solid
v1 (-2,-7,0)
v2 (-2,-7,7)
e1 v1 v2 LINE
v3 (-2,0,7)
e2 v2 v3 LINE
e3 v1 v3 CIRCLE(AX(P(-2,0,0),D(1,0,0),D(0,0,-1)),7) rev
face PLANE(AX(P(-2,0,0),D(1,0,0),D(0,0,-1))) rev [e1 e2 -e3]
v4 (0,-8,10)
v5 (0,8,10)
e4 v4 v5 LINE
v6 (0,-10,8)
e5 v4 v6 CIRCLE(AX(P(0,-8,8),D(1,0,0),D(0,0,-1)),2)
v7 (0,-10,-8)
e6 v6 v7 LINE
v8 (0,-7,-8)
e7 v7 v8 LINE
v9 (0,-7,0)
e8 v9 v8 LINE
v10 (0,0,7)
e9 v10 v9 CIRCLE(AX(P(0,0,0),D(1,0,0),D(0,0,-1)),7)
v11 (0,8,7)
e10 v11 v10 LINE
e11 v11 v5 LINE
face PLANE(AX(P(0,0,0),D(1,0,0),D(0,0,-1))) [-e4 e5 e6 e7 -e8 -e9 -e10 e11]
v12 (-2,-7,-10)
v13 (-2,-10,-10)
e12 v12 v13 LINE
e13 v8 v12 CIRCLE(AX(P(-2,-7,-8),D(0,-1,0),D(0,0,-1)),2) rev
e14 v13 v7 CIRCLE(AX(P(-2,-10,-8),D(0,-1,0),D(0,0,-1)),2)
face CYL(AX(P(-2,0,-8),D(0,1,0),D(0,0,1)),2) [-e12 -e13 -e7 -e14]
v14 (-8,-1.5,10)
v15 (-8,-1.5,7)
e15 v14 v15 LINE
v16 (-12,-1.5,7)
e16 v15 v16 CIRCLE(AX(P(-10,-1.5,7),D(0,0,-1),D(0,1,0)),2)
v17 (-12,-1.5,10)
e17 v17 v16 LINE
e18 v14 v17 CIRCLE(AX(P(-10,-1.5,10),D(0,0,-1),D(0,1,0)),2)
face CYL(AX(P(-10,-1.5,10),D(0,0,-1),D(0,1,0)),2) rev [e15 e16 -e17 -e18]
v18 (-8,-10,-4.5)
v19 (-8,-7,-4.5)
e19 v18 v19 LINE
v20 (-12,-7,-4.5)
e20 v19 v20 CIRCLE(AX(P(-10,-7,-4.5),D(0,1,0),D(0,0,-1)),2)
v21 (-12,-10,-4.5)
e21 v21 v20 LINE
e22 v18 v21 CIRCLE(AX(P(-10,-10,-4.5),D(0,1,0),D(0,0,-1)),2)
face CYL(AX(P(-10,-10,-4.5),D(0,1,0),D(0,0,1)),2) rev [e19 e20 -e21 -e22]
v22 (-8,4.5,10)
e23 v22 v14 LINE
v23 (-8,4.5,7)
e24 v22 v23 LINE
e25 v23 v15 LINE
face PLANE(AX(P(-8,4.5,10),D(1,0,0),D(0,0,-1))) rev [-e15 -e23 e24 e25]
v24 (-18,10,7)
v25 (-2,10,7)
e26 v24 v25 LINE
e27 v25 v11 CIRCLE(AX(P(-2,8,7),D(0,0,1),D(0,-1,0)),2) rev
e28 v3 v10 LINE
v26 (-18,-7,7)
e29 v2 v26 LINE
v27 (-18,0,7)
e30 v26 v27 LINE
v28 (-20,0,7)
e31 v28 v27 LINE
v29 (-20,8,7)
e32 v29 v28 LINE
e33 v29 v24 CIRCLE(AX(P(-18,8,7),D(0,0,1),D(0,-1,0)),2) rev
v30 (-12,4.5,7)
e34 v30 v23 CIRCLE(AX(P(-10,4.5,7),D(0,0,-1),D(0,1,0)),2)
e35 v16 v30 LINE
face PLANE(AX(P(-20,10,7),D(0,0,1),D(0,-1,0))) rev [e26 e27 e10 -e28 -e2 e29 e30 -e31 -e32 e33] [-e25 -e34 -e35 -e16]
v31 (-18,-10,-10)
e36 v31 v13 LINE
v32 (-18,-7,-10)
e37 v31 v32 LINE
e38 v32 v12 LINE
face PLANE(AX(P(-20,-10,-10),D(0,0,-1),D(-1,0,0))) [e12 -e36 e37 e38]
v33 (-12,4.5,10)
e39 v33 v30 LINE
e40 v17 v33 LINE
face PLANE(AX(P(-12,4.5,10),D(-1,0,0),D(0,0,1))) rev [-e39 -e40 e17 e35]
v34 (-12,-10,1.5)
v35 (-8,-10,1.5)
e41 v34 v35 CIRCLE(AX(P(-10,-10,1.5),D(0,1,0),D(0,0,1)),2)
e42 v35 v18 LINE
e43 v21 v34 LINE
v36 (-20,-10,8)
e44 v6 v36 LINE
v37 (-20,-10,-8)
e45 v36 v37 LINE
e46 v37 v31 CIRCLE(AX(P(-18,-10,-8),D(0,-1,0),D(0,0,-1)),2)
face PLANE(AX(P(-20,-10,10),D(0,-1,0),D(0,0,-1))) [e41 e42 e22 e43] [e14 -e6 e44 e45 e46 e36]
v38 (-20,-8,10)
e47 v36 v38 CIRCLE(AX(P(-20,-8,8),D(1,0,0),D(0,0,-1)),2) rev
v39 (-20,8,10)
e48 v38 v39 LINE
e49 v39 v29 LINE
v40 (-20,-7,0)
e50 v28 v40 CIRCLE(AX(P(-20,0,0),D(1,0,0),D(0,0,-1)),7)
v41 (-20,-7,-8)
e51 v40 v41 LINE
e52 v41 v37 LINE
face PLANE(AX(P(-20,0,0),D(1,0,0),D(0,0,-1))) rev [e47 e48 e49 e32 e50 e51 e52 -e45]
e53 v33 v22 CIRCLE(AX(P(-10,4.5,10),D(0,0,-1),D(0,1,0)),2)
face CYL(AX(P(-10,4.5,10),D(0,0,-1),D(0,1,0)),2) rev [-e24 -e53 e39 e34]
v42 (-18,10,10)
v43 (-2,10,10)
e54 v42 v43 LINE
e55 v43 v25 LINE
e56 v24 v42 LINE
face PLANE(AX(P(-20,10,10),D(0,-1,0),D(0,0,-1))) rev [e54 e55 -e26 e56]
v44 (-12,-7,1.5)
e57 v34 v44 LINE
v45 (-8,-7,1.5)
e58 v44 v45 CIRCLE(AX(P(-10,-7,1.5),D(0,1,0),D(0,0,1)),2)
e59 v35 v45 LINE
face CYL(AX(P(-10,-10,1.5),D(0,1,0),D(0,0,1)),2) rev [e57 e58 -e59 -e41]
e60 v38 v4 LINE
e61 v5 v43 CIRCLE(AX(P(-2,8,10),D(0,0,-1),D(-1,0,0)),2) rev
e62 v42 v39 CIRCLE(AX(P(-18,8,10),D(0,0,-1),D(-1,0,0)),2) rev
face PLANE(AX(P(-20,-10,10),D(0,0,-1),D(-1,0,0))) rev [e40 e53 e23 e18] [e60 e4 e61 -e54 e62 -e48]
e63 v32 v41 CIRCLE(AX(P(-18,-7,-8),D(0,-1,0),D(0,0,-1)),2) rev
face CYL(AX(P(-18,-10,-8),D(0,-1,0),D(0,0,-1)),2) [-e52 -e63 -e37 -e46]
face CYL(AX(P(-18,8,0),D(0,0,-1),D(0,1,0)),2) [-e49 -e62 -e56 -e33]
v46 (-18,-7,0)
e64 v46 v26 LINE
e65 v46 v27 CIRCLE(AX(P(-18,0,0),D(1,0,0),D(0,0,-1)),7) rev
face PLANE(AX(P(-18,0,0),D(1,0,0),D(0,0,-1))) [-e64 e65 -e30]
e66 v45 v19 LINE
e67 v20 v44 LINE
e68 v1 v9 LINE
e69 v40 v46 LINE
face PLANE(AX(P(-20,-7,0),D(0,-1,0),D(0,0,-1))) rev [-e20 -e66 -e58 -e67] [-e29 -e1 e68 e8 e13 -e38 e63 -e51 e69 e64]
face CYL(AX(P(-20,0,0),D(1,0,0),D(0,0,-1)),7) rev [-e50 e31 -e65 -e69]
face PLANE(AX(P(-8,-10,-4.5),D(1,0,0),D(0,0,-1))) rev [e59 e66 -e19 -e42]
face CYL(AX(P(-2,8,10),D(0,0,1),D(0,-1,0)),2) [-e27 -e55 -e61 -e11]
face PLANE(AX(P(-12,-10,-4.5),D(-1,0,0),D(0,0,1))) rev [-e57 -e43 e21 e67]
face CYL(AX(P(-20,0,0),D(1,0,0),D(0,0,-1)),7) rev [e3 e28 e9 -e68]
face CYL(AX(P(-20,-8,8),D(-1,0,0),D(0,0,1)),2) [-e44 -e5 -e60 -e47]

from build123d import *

# Parameters (mm, degrees)
EXTRUDE_1_DEPTH     = 20
FILLET_1_R          = 2
SKETCH_2_W          = 7
SKETCH_2_H          = 7
CUT_EXTRUDE_1_DEPTH = 8
CUT_EXTRUDE_4_DEPTH = 29.08914381
CUT_EXTRUDE_5_DEPTH = 29.08914381


with BuildPart() as part:
    # 草图1 → 凸台-拉伸1 (new body)
    with BuildSketch(Plane(origin=(0, 0, 0), x_dir=(0, 0, -1), z_dir=(1, 0, 0))):
        with BuildLine():
            Line((-7, 10), (-7, 0))
            ThreePointArc((-7, 0), (-4.949747468, -4.949747468), (0, -7))
            Line((0, -7), (10, -7))
            Line((10, -7), (10, -10))
            Line((10, -10), (-10, -10))
            Line((-10, -10), (-10, 10))
            Line((-10, 10), (-7, 10))
        make_face()
    extrude(amount=-EXTRUDE_1_DEPTH)

    # 圆角1
    fillet_1_edges = [part.edges().sort_by_distance(p)[0] for p in [
        (-10, -10, 10),
        (-20, -8.5, -10),
        (0, -8.5, -10),
        (-20, 10, 8.5),
        (0, 10, 8.5),
    ]]
    fillet(fillet_1_edges, radius=FILLET_1_R)

    # 草图2 → 切除-拉伸1 (cut, symmetric)
    with BuildSketch(Plane.ZY.offset(10)):
        with Locations((3.5, -3.5)):
            Rectangle(SKETCH_2_W, SKETCH_2_H)
    extrude(amount=CUT_EXTRUDE_1_DEPTH, both=True, mode=Mode.SUBTRACT)

    # 草图3 → 切除-拉伸4 (cut, through all)
    with BuildSketch(Plane(origin=(0, -7, 0), x_dir=(1, 0, 0), z_dir=(0, 1, 0))):
        with BuildLine():
            Line((-12, 4.5), (-12, -1.5))
            ThreePointArc((-12, -1.5), (-10, -3.5), (-8, -1.5))
            Line((-8, -1.5), (-8, 4.5))
            ThreePointArc((-8, 4.5), (-10, 6.5), (-12, 4.5))
        make_face()
    extrude(amount=-CUT_EXTRUDE_4_DEPTH, mode=Mode.SUBTRACT)

    # 草图6 → 切除-拉伸5 (cut, through all)
    with BuildSketch(Plane(origin=(0, 0, 7), x_dir=(-1, 0, 0), z_dir=(0, 0, -1))):
        with BuildLine():
            Line((8, 4.5), (8, -1.5))
            ThreePointArc((8, -1.5), (10, -3.5), (12, -1.5))
            Line((12, -1.5), (12, 4.5))
            ThreePointArc((12, 4.5), (10, 6.5), (8, 4.5))
        make_face()
    extrude(amount=-CUT_EXTRUDE_5_DEPTH, mode=Mode.SUBTRACT)


solid = part.part
